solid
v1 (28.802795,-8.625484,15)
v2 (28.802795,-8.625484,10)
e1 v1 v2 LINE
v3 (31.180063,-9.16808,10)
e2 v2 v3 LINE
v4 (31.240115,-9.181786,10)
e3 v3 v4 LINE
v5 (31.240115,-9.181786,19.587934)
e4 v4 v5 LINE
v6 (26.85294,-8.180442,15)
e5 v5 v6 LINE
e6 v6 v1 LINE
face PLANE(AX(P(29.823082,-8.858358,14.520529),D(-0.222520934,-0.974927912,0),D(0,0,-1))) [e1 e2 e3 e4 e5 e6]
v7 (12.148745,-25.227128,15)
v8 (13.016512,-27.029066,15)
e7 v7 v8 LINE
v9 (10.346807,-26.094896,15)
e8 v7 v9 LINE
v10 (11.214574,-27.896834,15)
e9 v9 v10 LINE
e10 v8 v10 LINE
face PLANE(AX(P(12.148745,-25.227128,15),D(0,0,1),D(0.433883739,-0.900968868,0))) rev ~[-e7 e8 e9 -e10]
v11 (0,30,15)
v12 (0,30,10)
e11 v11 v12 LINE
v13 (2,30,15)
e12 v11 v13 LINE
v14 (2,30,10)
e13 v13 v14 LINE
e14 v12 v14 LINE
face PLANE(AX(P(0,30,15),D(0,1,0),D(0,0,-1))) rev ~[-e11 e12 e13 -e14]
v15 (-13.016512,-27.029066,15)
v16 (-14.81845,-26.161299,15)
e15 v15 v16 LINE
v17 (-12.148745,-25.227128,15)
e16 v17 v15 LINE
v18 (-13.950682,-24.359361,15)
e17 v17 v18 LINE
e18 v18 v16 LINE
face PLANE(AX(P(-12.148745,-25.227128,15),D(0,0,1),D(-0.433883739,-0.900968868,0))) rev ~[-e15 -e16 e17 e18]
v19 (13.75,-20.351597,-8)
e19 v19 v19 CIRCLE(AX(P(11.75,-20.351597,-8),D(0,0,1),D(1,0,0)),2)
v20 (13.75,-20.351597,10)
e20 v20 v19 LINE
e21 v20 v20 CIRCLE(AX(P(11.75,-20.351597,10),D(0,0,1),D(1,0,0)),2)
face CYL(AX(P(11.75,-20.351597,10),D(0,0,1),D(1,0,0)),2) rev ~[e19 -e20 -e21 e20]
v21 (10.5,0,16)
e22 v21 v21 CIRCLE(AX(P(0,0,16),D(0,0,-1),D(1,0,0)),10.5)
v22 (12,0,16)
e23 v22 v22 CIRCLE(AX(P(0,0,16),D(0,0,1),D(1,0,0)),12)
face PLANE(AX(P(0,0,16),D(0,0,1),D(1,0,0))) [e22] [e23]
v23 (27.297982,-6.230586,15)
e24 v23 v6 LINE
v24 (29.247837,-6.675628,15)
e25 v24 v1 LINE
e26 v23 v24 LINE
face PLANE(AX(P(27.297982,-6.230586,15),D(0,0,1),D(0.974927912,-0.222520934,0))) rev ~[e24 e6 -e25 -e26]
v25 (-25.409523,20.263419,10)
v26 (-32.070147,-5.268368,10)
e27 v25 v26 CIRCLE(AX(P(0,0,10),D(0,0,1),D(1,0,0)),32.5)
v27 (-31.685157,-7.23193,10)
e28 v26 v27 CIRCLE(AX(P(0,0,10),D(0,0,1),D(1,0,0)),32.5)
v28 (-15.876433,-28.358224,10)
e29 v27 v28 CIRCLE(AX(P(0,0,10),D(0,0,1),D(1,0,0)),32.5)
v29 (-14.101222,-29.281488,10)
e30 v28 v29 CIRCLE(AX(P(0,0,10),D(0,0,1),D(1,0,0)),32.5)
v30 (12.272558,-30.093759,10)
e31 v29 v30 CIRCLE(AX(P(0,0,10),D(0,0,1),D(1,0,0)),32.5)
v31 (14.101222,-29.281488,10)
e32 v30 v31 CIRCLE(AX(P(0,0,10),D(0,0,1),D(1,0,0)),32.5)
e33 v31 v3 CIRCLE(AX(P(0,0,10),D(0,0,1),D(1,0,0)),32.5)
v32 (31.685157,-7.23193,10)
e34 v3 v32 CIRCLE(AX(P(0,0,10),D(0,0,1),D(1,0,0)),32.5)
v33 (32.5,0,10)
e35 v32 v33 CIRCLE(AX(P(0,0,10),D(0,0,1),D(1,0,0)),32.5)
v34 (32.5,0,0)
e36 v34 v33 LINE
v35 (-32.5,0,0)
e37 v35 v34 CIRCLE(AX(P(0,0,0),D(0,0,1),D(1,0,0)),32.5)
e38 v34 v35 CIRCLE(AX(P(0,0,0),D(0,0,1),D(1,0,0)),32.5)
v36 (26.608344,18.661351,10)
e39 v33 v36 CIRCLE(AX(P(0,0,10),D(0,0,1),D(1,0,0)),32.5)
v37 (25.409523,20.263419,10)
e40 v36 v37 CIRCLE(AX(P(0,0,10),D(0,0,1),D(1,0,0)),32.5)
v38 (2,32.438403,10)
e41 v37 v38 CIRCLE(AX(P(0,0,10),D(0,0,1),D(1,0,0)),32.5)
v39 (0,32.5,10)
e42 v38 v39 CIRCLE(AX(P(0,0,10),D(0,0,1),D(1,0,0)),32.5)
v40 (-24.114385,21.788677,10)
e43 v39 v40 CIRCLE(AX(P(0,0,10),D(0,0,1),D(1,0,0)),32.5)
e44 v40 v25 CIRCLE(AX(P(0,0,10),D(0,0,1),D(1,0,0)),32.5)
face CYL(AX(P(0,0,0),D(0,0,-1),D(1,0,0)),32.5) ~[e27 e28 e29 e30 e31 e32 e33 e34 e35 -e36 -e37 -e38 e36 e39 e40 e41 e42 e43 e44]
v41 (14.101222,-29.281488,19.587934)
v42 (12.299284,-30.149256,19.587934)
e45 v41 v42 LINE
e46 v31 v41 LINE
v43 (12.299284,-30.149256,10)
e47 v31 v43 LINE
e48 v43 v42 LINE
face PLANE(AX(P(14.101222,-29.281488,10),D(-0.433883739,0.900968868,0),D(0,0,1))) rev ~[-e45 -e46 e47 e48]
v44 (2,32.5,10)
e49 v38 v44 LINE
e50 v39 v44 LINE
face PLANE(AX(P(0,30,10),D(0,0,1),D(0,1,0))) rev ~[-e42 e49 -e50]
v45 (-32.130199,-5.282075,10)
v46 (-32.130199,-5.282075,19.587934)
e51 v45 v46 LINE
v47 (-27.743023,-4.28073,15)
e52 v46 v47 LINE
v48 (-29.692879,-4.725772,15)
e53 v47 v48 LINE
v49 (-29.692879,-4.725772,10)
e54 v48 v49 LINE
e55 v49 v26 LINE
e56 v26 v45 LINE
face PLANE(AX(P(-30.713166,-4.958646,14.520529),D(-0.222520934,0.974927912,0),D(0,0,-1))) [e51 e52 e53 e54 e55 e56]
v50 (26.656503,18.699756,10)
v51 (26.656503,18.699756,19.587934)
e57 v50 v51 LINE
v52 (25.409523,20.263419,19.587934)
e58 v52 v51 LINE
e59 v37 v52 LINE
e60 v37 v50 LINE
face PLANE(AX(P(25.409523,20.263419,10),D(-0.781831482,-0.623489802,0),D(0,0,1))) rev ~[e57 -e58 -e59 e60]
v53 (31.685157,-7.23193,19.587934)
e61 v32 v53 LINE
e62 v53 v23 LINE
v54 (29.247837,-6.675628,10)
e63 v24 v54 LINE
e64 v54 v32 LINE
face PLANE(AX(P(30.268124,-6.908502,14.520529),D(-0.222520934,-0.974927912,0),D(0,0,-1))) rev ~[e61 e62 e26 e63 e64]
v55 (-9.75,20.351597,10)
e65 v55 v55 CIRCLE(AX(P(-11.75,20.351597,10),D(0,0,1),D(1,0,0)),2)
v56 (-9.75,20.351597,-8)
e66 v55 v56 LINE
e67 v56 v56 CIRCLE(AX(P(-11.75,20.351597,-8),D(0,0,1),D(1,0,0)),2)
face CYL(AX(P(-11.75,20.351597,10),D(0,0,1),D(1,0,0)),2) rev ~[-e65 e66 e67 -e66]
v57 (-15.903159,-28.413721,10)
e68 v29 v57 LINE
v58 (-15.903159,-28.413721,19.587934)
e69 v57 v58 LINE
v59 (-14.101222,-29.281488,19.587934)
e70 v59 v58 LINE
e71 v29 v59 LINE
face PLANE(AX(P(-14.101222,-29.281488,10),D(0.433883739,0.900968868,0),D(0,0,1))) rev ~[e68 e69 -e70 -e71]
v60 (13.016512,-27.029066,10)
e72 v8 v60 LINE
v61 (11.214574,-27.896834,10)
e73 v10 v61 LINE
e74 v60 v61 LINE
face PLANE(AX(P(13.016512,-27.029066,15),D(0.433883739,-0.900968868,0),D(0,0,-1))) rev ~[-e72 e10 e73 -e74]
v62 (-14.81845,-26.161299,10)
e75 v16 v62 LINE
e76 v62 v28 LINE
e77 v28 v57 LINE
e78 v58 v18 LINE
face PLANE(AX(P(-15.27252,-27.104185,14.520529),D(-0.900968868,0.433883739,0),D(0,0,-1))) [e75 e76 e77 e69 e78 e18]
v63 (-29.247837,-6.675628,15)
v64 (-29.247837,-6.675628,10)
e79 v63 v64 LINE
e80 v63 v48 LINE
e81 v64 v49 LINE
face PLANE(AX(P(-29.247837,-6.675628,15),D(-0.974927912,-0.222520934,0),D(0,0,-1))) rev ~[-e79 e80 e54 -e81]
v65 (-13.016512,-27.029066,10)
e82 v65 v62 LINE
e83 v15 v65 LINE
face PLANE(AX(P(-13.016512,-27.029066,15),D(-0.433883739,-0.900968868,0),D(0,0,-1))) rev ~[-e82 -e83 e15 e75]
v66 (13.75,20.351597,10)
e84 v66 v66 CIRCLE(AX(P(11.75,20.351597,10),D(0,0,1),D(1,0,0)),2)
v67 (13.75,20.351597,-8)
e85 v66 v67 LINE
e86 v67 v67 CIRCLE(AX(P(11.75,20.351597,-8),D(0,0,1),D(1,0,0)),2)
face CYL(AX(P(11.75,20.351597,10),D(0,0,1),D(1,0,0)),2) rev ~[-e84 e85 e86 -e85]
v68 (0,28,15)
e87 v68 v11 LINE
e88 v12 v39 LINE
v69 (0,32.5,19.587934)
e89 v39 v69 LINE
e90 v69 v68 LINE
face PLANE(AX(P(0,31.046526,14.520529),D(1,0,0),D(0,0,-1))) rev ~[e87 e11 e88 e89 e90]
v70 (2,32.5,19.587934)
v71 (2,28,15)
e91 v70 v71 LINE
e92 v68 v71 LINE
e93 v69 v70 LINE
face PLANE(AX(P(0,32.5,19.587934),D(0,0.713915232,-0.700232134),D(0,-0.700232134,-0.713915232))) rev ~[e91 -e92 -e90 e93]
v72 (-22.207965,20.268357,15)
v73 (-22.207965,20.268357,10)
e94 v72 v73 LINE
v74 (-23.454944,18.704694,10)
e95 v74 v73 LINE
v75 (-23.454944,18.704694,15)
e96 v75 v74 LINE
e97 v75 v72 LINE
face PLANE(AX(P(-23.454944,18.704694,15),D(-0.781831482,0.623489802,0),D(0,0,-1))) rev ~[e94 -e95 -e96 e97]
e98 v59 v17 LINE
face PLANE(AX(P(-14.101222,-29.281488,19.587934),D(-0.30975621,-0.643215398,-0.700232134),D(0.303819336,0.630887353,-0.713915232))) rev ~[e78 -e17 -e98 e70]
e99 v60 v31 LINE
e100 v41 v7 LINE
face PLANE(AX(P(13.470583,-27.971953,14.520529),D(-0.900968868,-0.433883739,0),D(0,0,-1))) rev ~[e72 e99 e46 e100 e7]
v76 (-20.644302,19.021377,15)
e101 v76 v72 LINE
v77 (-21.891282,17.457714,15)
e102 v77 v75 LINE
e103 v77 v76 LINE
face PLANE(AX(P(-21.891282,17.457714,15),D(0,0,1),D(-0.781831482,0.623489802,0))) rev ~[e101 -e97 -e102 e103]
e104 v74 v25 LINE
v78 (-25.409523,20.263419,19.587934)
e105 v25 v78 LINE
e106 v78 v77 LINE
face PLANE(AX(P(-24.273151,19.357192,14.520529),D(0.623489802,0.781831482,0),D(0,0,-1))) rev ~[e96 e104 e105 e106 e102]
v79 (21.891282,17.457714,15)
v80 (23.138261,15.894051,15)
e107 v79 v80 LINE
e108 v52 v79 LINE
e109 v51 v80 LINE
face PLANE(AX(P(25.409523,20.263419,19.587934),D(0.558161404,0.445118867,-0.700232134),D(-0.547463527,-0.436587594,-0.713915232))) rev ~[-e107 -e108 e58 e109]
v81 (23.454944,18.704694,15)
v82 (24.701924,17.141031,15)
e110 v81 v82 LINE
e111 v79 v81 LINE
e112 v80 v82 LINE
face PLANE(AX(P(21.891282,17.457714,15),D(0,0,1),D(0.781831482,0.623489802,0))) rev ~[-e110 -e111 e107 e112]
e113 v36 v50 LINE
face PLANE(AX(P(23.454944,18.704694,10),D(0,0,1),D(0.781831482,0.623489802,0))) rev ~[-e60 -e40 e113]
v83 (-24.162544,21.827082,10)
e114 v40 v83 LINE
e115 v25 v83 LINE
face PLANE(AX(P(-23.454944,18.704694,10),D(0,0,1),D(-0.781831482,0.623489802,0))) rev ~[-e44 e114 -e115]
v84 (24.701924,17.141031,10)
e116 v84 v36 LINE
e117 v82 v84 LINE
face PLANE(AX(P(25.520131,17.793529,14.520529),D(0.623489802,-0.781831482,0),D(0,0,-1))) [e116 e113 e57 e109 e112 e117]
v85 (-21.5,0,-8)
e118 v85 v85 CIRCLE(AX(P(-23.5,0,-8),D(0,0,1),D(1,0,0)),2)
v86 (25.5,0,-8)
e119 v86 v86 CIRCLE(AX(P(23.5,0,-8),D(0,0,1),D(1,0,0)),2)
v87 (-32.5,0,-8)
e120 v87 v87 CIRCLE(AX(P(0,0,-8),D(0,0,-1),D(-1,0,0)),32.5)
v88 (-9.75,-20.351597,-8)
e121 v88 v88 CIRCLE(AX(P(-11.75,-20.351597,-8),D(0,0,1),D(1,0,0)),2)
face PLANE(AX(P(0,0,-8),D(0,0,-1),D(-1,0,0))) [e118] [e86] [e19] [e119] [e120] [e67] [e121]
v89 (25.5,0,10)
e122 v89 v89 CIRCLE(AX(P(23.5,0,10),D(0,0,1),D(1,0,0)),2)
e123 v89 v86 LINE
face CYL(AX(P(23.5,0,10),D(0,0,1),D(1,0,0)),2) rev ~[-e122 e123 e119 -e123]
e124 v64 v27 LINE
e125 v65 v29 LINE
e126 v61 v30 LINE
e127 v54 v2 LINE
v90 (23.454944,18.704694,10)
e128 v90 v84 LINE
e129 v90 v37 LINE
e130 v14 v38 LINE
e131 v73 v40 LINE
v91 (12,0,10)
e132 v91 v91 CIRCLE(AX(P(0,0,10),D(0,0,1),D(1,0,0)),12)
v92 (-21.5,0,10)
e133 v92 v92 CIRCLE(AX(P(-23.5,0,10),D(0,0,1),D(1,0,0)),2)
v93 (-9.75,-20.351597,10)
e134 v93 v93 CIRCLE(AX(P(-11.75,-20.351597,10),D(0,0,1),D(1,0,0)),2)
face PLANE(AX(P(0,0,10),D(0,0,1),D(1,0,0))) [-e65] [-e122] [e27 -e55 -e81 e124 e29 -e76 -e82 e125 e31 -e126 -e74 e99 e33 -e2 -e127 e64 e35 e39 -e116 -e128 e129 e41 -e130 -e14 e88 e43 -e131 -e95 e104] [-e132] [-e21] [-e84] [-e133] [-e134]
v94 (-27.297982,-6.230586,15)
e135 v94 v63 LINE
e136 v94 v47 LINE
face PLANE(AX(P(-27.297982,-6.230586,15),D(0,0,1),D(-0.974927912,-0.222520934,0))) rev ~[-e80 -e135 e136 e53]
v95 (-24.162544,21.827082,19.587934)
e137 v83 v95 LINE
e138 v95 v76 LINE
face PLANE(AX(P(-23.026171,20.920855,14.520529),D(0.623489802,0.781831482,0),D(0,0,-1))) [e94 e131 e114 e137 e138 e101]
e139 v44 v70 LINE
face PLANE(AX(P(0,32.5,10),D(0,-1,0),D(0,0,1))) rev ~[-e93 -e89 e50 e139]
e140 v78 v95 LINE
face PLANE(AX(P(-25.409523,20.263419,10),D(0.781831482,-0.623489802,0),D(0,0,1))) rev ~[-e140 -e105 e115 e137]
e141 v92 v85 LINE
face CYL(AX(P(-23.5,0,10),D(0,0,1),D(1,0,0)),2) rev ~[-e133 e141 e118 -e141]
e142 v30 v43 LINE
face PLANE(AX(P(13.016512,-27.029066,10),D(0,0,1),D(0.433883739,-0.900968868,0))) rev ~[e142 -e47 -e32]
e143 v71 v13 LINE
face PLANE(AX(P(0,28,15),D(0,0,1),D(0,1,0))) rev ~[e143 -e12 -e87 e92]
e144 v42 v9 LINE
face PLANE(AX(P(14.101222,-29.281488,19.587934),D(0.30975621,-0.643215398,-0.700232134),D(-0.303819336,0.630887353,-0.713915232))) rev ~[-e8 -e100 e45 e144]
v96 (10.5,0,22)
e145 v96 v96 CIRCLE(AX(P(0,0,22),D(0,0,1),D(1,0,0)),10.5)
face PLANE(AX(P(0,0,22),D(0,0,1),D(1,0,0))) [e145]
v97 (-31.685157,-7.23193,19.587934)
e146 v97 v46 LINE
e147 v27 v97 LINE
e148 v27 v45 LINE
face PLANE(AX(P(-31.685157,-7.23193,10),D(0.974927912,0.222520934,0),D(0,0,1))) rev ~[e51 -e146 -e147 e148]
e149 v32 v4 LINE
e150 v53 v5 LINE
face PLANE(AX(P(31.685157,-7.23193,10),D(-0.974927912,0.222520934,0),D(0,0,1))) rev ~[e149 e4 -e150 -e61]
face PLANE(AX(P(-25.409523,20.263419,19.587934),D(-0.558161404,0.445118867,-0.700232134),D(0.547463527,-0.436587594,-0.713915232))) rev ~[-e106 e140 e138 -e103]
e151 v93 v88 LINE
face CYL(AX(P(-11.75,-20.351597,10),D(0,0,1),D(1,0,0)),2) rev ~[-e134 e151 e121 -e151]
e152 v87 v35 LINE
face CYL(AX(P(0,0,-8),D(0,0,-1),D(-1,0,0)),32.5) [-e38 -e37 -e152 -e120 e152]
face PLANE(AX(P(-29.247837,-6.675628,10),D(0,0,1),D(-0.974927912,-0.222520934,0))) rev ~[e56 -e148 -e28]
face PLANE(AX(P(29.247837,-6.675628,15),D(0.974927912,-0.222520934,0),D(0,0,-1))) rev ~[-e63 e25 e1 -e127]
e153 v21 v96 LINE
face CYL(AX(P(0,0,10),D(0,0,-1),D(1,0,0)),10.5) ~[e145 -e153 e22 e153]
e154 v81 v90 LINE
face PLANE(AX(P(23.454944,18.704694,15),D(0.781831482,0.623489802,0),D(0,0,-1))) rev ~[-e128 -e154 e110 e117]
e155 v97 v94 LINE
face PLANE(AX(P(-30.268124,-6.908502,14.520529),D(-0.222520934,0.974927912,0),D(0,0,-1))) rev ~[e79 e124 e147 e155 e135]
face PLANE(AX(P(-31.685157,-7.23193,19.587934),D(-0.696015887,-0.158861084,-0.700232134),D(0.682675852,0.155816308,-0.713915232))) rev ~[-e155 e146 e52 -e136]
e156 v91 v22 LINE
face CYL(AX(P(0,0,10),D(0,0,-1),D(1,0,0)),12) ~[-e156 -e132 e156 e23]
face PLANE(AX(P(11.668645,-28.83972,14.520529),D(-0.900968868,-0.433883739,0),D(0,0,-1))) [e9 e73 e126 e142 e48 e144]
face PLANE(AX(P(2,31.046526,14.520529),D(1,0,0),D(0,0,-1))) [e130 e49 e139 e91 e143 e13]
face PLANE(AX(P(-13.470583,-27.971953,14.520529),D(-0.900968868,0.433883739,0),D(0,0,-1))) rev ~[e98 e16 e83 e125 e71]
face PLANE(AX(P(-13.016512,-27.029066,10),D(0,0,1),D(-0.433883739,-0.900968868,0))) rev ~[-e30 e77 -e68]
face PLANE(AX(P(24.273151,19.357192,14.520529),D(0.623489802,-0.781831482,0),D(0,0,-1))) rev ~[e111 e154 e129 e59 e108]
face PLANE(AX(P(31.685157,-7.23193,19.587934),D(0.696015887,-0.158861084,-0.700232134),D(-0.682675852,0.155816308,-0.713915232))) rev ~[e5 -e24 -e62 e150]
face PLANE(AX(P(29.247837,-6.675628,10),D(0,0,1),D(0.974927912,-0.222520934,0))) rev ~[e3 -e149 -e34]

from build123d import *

# Parameters (mm, degrees)
SKETCH2_R           = 32.5
BOSS_EXTRUDE1_DEPTH = 10
BOSS_EXTRUDE2_DEPTH = 2
CIRPATTERN1_COUNT   = 7
SKETCH4_R           = 12
BOSS_EXTRUDE3_DEPTH = 6
SKETCH5_R           = 10.5
BOSS_EXTRUDE4_DEPTH = 12
BOSS_EXTRUDE5_START = 8
SKETCH7_R           = 32.5
BOSS_EXTRUDE5_DEPTH = 8
SKETCH6_R           = 2
CUT_EXTRUDE1_DEPTH  = 50.360915713


with BuildPart() as part:
    # Sketch2 → Boss-Extrude1 (new body)
    with BuildSketch(Plane.XY):
        Circle(SKETCH2_R)
    extrude(amount=BOSS_EXTRUDE1_DEPTH)

    # Sketch3 → Boss-Extrude2 (add)
    with BuildSketch(Plane(origin=(0, 0, 0), x_dir=(0, 0, -1), z_dir=(1, 0, 0))):
        Polygon((-10, 32.5), (-19.587933614, 32.5), (-15, 28), (-15, 30), (-10, 30), align=None)
    boss_extrude2 = extrude(amount=BOSS_EXTRUDE2_DEPTH)

    # CirPattern1: Boss-Extrude2 ×7 about axis
    cirpattern1_axis = Axis((0, 0, 0), (0, 0, 1))
    for i in range(1, CIRPATTERN1_COUNT):
        add(boss_extrude2.rotate(cirpattern1_axis, i * 360 / CIRPATTERN1_COUNT))

    # Sketch4 → Boss-Extrude3 (add)
    with BuildSketch(Plane.XY.offset(10)):
        Circle(SKETCH4_R)
    extrude(amount=BOSS_EXTRUDE3_DEPTH)

    # Sketch5 → Boss-Extrude4 (add)
    with BuildSketch(Plane.XY.offset(10)):
        Circle(SKETCH5_R)
    extrude(amount=BOSS_EXTRUDE4_DEPTH)

    # Sketch7 → Boss-Extrude5 (add)
    with BuildSketch(Plane(origin=(0, 0, 0), x_dir=(-1, 0, 0), z_dir=(0, 0, -1)).offset(BOSS_EXTRUDE5_START)):
        Circle(SKETCH7_R)
    extrude(amount=-BOSS_EXTRUDE5_DEPTH)

    # Sketch6 → Cut-Extrude1 (cut, through all)
    with BuildSketch(Plane.XY.offset(10)):
        with Locations((23.5, 0)):
            Circle(SKETCH6_R)
        with Locations((11.75, -20.351596989)):
            Circle(SKETCH6_R)
        with Locations((-11.75, -20.351596989)):
            Circle(SKETCH6_R)
        with Locations((-23.5, 0)):
            Circle(SKETCH6_R)
        with Locations((-11.75, 20.351596989)):
            Circle(SKETCH6_R)
        with Locations((11.75, 20.351596989)):
            Circle(SKETCH6_R)
    extrude(amount=-CUT_EXTRUDE1_DEPTH, mode=Mode.SUBTRACT)


solid = part.part
